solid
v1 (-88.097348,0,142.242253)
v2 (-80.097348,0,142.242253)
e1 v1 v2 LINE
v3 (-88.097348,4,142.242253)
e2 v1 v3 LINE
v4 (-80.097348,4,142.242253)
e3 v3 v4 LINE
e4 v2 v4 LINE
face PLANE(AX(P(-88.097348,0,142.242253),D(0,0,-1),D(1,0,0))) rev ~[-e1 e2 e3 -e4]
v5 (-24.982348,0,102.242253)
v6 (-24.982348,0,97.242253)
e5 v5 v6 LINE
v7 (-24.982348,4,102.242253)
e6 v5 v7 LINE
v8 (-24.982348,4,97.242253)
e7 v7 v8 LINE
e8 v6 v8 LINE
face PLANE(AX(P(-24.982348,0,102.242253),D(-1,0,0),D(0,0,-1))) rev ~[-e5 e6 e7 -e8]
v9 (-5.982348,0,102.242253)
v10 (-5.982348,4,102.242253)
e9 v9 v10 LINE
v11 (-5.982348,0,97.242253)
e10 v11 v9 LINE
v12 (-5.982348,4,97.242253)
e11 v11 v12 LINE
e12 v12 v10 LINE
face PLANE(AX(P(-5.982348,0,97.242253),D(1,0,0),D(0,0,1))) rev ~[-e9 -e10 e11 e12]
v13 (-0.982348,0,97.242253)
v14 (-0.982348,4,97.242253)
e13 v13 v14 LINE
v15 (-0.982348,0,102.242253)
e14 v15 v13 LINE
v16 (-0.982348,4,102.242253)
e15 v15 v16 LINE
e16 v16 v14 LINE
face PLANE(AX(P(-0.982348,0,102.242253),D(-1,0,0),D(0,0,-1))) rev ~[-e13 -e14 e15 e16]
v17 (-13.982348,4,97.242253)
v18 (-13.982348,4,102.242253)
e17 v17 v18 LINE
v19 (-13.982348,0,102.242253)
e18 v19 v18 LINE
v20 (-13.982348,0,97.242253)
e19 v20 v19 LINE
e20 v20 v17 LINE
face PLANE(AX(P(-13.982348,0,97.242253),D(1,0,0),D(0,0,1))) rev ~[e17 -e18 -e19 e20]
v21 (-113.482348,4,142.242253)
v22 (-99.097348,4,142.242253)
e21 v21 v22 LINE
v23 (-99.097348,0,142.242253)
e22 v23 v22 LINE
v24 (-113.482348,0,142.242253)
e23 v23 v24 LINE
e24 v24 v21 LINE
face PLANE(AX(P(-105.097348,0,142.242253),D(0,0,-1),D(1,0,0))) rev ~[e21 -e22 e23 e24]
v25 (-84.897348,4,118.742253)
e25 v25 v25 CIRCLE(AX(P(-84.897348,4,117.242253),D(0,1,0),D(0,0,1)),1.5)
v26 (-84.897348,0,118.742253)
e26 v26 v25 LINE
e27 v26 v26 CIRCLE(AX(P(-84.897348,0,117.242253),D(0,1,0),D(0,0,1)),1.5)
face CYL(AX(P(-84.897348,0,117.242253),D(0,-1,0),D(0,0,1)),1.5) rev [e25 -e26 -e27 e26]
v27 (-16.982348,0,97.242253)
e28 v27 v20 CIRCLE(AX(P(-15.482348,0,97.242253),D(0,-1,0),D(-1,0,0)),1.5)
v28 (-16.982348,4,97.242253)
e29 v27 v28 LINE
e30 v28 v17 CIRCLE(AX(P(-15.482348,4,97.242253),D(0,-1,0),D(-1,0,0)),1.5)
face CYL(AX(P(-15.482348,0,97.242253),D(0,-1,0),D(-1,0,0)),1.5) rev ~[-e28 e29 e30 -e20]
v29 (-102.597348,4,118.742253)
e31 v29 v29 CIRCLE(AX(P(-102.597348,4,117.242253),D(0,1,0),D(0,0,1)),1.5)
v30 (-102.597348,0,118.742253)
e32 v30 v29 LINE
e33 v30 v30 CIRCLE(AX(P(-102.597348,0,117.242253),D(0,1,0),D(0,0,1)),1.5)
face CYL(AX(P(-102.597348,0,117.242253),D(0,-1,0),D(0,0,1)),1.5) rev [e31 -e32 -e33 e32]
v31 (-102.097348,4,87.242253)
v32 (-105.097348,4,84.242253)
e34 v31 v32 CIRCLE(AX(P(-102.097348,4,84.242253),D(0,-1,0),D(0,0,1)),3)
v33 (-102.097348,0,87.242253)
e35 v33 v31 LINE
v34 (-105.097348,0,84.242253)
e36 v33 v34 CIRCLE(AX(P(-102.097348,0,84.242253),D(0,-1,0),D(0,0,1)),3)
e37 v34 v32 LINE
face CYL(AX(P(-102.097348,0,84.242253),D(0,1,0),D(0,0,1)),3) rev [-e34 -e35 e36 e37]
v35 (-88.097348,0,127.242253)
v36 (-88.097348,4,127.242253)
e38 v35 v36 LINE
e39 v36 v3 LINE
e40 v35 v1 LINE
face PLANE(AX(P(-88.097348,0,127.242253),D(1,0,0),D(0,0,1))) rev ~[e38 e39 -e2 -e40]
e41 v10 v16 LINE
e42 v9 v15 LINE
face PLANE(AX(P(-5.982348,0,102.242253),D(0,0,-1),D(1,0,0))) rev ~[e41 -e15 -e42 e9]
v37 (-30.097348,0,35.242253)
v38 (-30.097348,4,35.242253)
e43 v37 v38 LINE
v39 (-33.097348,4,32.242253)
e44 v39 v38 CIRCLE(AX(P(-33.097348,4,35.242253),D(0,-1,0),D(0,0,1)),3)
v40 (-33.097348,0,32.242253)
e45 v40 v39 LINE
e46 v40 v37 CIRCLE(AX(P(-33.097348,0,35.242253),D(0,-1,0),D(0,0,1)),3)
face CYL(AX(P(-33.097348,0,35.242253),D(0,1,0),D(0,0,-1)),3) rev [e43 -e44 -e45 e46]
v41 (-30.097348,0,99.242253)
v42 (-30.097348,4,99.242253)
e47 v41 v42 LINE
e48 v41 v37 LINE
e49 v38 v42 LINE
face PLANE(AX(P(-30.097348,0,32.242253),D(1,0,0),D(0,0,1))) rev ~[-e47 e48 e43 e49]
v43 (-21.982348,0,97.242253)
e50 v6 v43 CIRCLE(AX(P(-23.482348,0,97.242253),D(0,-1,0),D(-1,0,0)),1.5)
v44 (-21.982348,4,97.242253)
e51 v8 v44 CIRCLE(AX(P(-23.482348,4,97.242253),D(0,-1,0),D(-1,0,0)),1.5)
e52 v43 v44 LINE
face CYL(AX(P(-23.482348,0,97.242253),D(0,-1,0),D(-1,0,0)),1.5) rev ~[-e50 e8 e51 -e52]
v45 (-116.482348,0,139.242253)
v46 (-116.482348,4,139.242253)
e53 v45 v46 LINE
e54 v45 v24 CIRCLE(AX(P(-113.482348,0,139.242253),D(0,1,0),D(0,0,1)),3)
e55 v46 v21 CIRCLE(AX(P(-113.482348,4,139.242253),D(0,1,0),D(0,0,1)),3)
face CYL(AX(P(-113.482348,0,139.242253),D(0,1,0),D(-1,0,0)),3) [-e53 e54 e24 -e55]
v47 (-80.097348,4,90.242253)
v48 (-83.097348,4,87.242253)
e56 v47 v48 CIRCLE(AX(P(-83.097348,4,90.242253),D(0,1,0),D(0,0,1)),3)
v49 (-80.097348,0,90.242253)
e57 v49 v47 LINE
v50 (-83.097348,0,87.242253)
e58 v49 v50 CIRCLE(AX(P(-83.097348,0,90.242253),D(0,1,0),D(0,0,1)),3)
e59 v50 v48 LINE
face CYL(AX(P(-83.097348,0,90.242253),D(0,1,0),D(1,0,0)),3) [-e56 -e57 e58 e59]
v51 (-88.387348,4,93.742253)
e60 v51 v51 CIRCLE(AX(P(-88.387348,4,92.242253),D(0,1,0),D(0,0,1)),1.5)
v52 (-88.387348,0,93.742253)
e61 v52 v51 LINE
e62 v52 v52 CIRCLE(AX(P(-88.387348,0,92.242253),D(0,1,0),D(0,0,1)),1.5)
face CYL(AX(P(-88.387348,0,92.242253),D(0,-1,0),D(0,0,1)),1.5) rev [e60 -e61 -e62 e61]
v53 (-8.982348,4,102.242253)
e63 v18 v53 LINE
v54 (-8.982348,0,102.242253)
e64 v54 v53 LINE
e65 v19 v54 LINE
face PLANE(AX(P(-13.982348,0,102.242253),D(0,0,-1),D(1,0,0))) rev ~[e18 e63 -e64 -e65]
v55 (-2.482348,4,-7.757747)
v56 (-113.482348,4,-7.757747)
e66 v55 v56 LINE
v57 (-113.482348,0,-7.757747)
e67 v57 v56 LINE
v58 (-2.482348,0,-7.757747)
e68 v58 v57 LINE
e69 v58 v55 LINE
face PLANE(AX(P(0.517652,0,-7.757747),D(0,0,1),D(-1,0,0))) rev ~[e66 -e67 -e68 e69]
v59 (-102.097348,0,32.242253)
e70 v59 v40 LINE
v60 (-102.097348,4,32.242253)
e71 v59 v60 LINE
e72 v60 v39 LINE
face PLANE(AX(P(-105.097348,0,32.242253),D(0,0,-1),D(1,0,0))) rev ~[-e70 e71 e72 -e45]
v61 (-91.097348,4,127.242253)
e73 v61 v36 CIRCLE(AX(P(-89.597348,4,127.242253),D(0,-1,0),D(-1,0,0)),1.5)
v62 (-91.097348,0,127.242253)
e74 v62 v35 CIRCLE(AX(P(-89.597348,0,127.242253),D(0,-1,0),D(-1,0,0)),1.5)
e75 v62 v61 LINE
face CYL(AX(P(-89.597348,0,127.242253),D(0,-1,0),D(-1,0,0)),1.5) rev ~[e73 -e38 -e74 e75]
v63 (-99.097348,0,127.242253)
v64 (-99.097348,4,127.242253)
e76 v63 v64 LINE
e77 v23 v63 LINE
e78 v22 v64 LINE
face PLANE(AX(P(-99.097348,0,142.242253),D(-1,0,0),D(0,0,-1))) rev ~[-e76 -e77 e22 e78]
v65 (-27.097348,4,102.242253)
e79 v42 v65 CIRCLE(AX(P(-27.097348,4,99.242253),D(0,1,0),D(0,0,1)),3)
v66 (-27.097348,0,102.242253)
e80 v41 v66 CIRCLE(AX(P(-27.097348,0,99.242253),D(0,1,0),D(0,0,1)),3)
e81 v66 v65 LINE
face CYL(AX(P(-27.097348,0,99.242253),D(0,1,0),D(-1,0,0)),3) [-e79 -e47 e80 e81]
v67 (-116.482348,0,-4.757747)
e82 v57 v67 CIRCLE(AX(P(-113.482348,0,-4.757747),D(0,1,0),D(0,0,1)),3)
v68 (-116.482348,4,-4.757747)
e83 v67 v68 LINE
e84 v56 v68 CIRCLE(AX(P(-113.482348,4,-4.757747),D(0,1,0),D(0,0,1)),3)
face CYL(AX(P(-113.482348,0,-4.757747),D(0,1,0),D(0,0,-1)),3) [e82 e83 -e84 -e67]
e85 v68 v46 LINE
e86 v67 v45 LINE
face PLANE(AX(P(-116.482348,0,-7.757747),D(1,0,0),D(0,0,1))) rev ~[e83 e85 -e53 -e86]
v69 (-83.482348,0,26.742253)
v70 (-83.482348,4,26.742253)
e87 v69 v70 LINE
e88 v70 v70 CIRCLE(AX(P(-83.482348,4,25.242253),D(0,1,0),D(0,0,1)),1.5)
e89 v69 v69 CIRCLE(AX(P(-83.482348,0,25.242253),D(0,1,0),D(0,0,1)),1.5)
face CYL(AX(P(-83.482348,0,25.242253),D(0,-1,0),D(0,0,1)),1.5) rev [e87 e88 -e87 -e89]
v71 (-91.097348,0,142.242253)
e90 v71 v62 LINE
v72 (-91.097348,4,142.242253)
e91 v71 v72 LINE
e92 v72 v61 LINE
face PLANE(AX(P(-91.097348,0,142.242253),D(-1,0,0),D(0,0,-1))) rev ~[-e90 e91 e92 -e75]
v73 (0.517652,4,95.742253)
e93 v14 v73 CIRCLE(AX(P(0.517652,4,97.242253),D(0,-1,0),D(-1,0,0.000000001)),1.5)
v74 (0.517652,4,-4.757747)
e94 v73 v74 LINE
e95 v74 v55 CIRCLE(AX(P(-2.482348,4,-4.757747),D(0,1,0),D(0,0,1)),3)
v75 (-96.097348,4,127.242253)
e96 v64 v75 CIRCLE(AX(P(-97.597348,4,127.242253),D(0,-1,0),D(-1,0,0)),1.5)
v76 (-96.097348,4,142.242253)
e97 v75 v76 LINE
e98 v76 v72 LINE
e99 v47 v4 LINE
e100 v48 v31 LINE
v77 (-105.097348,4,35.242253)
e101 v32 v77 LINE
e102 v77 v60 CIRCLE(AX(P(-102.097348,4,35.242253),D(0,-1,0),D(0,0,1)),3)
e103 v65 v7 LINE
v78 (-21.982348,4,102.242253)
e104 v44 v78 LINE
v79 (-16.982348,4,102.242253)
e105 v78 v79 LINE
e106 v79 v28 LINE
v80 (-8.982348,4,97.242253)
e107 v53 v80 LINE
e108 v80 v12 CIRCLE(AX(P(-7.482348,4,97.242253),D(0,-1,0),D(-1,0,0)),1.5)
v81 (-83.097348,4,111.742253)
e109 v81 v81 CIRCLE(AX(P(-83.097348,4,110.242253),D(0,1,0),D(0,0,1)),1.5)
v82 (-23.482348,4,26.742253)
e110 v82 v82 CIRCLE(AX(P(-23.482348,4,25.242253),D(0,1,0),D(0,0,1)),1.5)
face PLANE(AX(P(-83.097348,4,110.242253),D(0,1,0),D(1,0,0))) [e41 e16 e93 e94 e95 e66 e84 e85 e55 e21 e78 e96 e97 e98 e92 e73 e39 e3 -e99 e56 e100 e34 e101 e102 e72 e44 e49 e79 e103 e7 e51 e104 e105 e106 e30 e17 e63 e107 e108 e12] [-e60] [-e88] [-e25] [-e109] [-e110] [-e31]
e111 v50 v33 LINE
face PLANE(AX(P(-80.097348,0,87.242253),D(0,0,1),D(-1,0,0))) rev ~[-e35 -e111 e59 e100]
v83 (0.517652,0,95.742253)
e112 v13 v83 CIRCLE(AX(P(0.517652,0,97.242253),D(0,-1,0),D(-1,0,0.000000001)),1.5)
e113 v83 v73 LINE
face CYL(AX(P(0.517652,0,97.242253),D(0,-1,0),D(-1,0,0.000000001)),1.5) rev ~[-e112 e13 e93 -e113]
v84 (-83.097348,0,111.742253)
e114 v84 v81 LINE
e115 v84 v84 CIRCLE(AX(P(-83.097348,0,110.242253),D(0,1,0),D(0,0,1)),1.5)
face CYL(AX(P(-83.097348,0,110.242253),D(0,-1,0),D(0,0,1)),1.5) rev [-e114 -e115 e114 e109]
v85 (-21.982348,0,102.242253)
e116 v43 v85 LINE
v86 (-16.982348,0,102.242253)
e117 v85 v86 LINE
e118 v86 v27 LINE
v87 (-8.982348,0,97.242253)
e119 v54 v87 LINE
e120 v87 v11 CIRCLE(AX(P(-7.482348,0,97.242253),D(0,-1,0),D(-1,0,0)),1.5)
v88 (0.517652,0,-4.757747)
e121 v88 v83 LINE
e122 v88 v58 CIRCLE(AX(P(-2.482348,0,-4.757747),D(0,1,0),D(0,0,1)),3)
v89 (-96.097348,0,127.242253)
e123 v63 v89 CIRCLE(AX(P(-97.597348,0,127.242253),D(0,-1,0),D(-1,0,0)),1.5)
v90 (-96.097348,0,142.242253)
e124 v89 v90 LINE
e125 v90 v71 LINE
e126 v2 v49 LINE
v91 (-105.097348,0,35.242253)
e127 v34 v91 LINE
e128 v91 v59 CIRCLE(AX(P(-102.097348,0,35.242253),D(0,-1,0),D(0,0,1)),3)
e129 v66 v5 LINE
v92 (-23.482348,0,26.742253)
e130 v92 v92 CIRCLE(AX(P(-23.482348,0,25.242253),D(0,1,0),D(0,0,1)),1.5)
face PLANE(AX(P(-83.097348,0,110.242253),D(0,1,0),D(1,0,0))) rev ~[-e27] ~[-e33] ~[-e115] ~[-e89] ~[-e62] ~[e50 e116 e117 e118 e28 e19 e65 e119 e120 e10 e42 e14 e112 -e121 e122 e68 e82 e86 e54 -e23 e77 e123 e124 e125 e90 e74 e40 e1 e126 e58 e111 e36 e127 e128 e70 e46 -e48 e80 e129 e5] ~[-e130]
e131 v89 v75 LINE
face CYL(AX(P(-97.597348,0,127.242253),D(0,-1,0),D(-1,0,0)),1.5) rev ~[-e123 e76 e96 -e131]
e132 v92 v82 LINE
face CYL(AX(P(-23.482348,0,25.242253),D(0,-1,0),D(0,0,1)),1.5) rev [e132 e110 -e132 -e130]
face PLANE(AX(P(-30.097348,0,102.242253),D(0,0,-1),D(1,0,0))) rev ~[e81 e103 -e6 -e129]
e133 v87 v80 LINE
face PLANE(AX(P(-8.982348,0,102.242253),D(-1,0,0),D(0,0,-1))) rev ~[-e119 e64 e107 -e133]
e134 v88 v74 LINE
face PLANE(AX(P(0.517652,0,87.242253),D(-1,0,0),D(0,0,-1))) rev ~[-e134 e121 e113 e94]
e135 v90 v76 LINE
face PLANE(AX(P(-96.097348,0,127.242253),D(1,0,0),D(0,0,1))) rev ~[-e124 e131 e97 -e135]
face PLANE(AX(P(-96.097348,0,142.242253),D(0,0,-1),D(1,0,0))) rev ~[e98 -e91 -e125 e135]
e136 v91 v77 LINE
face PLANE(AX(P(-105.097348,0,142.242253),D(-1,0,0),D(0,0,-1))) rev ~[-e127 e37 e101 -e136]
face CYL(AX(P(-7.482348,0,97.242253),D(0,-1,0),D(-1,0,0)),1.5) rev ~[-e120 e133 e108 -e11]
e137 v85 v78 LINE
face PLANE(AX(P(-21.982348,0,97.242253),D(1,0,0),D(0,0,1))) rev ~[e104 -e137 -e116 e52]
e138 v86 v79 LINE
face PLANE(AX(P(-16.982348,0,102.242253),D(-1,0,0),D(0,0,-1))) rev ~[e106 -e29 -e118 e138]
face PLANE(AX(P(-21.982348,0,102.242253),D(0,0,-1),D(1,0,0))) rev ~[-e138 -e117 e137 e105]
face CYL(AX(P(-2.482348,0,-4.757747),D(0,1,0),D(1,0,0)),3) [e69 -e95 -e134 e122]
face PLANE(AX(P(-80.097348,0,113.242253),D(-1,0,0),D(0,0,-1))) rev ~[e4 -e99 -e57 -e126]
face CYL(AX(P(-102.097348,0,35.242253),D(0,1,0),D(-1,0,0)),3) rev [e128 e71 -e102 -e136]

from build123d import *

# Parameters (mm, degrees)
SKETCH_1_R      = 1.5
SKETCH_1_W      = 6
SKETCH_1_H      = 6
EXTRUDE_1_DEPTH = 4
FILLET_1_R      = 3


with BuildPart() as part:
    # 草图1 → 凸台-拉伸1 (new body)
    # profile 1 of 4: a face of its own
    with BuildSketch(Plane(origin=(0, 0, 0), x_dir=(1, 0, 0), z_dir=(0, 1, 0))):
        Polygon((-116.482347914, -142.242252719), (-105.097347914, -142.242252719), (-105.097347914, -87.242252719), (-105.097347914, -32.242252719), (-30.097347914, -32.242252719), (-30.097347914, -87.242252719), (0.517652086, -87.242252719), (0.517652086, 7.757747281), (-116.482347914, 7.757747281), align=None)
        with Locations(Location((-83.482347914, -25.242252719, 0), (0, 0, 270))):
            Circle(SKETCH_1_R, mode=Mode.SUBTRACT)
        with Locations(Location((-23.482347914, -25.242252719, 0), (0, 0, 270))):
            Circle(SKETCH_1_R, mode=Mode.SUBTRACT)
    # profile 2 of 4: a face of its own
    with BuildSketch(Plane(origin=(0, 0, 0), x_dir=(1, 0, 0), z_dir=(0, 1, 0))):
        with BuildLine():
            Line((0.517652086, -87.242252719), (-30.097347914, -87.242252719))
            Line((-30.097347914, -87.242252719), (-30.097347914, -102.242252719))
            Line((-30.097347914, -102.242252719), (-24.982347914, -102.242252719))
            Line((-24.982347914, -102.242252719), (-24.982347914, -97.242252719))
            ThreePointArc((-24.982347914, -97.242252719), (-23.482347914, -95.742252719), (-21.982347914, -97.242252719))
            Line((-21.982347914, -97.242252719), (-21.982347914, -102.242252719))
            Line((-21.982347914, -102.242252719), (-16.982347914, -102.242252719))
            Line((-16.982347914, -102.242252719), (-16.982347914, -97.242252719))
            ThreePointArc((-16.982347914, -97.242252719), (-15.482347914, -95.742252719), (-13.982347914, -97.242252719))
            Line((-13.982347914, -97.242252719), (-13.982347914, -102.242252719))
            Line((-13.982347914, -102.242252719), (-8.982347914, -102.242252719))
            Line((-8.982347914, -102.242252719), (-8.982347914, -97.242252719))
            ThreePointArc((-8.982347914, -97.242252719), (-7.482347914, -95.742252719), (-5.982347914, -97.242252719))
            Line((-5.982347914, -97.242252719), (-5.982347914, -102.242252719))
            Line((-5.982347914, -102.242252719), (-0.982347914, -102.242252719))
            Line((-0.982347914, -102.242252719), (-0.982347914, -97.242252719))
            ThreePointArc((-0.982347914, -97.242252719), (-0.543008086, -96.181592547), (0.517652086, -95.742252719))
            Line((0.517652086, -95.742252719), (0.517652086, -87.242252719))
        make_face()
    # profile 3 of 4: a face of its own
    with BuildSketch(Plane(origin=(0, 0, 0), x_dir=(1, 0, 0), z_dir=(0, 1, 0))):
        with BuildLine():
            Line((-88.097347914, -142.242252719), (-80.097347914, -142.242252719))
            Line((-80.097347914, -142.242252719), (-80.097347914, -113.742252719))
            Line((-80.097347914, -113.742252719), (-80.097347914, -113.242252719))
            Line((-80.097347914, -113.242252719), (-86.097347914, -113.242252719))
            Line((-86.097347914, -113.242252719), (-86.097347914, -107.242252719))
            Line((-86.097347914, -107.242252719), (-80.097347914, -107.242252719))
            Line((-80.097347914, -107.242252719), (-80.097347914, -87.242252719))
            Line((-80.097347914, -87.242252719), (-105.097347914, -87.242252719))
            Line((-105.097347914, -87.242252719), (-105.097347914, -142.242252719))
            Line((-105.097347914, -142.242252719), (-99.097347914, -142.242252719))
            Line((-99.097347914, -142.242252719), (-99.097347914, -127.242252719))
            ThreePointArc((-99.097347914, -127.242252719), (-97.597347914, -125.742252719), (-96.097347914, -127.242252719))
            Line((-96.097347914, -127.242252719), (-96.097347914, -142.242252719))
            Line((-96.097347914, -142.242252719), (-91.097347914, -142.242252719))
            Line((-91.097347914, -142.242252719), (-91.097347914, -127.242252719))
            ThreePointArc((-91.097347914, -127.242252719), (-89.597347914, -125.742252719), (-88.097347914, -127.242252719))
            Line((-88.097347914, -127.242252719), (-88.097347914, -142.242252719))
        make_face()
        with Locations(Location((-102.597347914, -117.242252719, 0), (0, 0, 270))):
            Circle(SKETCH_1_R, mode=Mode.SUBTRACT)
        with Locations(Location((-84.897347914, -117.242252719, 0), (0, 0, 270))):
            Circle(SKETCH_1_R, mode=Mode.SUBTRACT)
        with Locations(Location((-88.387347914, -92.242252719, 0), (0, 0, 270))):
            Circle(SKETCH_1_R, mode=Mode.SUBTRACT)
    # profile 4 of 4: a face of its own
    with BuildSketch(Plane(origin=(0, 0, 0), x_dir=(1, 0, 0), z_dir=(0, 1, 0))):
        with Locations((-83.097347914, -110.242252719)):
            Rectangle(SKETCH_1_W, SKETCH_1_H)
        with Locations(Location((-83.097347914, -110.242252719, 0), (0, 0, 270))):
            Circle(SKETCH_1_R, mode=Mode.SUBTRACT)
    extrude(amount=EXTRUDE_1_DEPTH)

    # 圆角1
    fillet_1_edges = [part.edges().sort_by_distance(p)[0] for p in [
        (-30.097347914, 2, 102.242252719),
        (-30.097347914, 2, 32.242252719),
        (-105.097347914, 2, 32.242252719),
        (-105.097347914, 2, 87.242252719),
        (-80.097347914, 2, 87.242252719),
        (-116.482347914, 2, 142.242252719),
        (-116.482347914, 2, -7.757747281),
        (0.517652086, 2, -7.757747281),
    ]]
    fillet(fillet_1_edges, radius=FILLET_1_R)


solid = part.part
